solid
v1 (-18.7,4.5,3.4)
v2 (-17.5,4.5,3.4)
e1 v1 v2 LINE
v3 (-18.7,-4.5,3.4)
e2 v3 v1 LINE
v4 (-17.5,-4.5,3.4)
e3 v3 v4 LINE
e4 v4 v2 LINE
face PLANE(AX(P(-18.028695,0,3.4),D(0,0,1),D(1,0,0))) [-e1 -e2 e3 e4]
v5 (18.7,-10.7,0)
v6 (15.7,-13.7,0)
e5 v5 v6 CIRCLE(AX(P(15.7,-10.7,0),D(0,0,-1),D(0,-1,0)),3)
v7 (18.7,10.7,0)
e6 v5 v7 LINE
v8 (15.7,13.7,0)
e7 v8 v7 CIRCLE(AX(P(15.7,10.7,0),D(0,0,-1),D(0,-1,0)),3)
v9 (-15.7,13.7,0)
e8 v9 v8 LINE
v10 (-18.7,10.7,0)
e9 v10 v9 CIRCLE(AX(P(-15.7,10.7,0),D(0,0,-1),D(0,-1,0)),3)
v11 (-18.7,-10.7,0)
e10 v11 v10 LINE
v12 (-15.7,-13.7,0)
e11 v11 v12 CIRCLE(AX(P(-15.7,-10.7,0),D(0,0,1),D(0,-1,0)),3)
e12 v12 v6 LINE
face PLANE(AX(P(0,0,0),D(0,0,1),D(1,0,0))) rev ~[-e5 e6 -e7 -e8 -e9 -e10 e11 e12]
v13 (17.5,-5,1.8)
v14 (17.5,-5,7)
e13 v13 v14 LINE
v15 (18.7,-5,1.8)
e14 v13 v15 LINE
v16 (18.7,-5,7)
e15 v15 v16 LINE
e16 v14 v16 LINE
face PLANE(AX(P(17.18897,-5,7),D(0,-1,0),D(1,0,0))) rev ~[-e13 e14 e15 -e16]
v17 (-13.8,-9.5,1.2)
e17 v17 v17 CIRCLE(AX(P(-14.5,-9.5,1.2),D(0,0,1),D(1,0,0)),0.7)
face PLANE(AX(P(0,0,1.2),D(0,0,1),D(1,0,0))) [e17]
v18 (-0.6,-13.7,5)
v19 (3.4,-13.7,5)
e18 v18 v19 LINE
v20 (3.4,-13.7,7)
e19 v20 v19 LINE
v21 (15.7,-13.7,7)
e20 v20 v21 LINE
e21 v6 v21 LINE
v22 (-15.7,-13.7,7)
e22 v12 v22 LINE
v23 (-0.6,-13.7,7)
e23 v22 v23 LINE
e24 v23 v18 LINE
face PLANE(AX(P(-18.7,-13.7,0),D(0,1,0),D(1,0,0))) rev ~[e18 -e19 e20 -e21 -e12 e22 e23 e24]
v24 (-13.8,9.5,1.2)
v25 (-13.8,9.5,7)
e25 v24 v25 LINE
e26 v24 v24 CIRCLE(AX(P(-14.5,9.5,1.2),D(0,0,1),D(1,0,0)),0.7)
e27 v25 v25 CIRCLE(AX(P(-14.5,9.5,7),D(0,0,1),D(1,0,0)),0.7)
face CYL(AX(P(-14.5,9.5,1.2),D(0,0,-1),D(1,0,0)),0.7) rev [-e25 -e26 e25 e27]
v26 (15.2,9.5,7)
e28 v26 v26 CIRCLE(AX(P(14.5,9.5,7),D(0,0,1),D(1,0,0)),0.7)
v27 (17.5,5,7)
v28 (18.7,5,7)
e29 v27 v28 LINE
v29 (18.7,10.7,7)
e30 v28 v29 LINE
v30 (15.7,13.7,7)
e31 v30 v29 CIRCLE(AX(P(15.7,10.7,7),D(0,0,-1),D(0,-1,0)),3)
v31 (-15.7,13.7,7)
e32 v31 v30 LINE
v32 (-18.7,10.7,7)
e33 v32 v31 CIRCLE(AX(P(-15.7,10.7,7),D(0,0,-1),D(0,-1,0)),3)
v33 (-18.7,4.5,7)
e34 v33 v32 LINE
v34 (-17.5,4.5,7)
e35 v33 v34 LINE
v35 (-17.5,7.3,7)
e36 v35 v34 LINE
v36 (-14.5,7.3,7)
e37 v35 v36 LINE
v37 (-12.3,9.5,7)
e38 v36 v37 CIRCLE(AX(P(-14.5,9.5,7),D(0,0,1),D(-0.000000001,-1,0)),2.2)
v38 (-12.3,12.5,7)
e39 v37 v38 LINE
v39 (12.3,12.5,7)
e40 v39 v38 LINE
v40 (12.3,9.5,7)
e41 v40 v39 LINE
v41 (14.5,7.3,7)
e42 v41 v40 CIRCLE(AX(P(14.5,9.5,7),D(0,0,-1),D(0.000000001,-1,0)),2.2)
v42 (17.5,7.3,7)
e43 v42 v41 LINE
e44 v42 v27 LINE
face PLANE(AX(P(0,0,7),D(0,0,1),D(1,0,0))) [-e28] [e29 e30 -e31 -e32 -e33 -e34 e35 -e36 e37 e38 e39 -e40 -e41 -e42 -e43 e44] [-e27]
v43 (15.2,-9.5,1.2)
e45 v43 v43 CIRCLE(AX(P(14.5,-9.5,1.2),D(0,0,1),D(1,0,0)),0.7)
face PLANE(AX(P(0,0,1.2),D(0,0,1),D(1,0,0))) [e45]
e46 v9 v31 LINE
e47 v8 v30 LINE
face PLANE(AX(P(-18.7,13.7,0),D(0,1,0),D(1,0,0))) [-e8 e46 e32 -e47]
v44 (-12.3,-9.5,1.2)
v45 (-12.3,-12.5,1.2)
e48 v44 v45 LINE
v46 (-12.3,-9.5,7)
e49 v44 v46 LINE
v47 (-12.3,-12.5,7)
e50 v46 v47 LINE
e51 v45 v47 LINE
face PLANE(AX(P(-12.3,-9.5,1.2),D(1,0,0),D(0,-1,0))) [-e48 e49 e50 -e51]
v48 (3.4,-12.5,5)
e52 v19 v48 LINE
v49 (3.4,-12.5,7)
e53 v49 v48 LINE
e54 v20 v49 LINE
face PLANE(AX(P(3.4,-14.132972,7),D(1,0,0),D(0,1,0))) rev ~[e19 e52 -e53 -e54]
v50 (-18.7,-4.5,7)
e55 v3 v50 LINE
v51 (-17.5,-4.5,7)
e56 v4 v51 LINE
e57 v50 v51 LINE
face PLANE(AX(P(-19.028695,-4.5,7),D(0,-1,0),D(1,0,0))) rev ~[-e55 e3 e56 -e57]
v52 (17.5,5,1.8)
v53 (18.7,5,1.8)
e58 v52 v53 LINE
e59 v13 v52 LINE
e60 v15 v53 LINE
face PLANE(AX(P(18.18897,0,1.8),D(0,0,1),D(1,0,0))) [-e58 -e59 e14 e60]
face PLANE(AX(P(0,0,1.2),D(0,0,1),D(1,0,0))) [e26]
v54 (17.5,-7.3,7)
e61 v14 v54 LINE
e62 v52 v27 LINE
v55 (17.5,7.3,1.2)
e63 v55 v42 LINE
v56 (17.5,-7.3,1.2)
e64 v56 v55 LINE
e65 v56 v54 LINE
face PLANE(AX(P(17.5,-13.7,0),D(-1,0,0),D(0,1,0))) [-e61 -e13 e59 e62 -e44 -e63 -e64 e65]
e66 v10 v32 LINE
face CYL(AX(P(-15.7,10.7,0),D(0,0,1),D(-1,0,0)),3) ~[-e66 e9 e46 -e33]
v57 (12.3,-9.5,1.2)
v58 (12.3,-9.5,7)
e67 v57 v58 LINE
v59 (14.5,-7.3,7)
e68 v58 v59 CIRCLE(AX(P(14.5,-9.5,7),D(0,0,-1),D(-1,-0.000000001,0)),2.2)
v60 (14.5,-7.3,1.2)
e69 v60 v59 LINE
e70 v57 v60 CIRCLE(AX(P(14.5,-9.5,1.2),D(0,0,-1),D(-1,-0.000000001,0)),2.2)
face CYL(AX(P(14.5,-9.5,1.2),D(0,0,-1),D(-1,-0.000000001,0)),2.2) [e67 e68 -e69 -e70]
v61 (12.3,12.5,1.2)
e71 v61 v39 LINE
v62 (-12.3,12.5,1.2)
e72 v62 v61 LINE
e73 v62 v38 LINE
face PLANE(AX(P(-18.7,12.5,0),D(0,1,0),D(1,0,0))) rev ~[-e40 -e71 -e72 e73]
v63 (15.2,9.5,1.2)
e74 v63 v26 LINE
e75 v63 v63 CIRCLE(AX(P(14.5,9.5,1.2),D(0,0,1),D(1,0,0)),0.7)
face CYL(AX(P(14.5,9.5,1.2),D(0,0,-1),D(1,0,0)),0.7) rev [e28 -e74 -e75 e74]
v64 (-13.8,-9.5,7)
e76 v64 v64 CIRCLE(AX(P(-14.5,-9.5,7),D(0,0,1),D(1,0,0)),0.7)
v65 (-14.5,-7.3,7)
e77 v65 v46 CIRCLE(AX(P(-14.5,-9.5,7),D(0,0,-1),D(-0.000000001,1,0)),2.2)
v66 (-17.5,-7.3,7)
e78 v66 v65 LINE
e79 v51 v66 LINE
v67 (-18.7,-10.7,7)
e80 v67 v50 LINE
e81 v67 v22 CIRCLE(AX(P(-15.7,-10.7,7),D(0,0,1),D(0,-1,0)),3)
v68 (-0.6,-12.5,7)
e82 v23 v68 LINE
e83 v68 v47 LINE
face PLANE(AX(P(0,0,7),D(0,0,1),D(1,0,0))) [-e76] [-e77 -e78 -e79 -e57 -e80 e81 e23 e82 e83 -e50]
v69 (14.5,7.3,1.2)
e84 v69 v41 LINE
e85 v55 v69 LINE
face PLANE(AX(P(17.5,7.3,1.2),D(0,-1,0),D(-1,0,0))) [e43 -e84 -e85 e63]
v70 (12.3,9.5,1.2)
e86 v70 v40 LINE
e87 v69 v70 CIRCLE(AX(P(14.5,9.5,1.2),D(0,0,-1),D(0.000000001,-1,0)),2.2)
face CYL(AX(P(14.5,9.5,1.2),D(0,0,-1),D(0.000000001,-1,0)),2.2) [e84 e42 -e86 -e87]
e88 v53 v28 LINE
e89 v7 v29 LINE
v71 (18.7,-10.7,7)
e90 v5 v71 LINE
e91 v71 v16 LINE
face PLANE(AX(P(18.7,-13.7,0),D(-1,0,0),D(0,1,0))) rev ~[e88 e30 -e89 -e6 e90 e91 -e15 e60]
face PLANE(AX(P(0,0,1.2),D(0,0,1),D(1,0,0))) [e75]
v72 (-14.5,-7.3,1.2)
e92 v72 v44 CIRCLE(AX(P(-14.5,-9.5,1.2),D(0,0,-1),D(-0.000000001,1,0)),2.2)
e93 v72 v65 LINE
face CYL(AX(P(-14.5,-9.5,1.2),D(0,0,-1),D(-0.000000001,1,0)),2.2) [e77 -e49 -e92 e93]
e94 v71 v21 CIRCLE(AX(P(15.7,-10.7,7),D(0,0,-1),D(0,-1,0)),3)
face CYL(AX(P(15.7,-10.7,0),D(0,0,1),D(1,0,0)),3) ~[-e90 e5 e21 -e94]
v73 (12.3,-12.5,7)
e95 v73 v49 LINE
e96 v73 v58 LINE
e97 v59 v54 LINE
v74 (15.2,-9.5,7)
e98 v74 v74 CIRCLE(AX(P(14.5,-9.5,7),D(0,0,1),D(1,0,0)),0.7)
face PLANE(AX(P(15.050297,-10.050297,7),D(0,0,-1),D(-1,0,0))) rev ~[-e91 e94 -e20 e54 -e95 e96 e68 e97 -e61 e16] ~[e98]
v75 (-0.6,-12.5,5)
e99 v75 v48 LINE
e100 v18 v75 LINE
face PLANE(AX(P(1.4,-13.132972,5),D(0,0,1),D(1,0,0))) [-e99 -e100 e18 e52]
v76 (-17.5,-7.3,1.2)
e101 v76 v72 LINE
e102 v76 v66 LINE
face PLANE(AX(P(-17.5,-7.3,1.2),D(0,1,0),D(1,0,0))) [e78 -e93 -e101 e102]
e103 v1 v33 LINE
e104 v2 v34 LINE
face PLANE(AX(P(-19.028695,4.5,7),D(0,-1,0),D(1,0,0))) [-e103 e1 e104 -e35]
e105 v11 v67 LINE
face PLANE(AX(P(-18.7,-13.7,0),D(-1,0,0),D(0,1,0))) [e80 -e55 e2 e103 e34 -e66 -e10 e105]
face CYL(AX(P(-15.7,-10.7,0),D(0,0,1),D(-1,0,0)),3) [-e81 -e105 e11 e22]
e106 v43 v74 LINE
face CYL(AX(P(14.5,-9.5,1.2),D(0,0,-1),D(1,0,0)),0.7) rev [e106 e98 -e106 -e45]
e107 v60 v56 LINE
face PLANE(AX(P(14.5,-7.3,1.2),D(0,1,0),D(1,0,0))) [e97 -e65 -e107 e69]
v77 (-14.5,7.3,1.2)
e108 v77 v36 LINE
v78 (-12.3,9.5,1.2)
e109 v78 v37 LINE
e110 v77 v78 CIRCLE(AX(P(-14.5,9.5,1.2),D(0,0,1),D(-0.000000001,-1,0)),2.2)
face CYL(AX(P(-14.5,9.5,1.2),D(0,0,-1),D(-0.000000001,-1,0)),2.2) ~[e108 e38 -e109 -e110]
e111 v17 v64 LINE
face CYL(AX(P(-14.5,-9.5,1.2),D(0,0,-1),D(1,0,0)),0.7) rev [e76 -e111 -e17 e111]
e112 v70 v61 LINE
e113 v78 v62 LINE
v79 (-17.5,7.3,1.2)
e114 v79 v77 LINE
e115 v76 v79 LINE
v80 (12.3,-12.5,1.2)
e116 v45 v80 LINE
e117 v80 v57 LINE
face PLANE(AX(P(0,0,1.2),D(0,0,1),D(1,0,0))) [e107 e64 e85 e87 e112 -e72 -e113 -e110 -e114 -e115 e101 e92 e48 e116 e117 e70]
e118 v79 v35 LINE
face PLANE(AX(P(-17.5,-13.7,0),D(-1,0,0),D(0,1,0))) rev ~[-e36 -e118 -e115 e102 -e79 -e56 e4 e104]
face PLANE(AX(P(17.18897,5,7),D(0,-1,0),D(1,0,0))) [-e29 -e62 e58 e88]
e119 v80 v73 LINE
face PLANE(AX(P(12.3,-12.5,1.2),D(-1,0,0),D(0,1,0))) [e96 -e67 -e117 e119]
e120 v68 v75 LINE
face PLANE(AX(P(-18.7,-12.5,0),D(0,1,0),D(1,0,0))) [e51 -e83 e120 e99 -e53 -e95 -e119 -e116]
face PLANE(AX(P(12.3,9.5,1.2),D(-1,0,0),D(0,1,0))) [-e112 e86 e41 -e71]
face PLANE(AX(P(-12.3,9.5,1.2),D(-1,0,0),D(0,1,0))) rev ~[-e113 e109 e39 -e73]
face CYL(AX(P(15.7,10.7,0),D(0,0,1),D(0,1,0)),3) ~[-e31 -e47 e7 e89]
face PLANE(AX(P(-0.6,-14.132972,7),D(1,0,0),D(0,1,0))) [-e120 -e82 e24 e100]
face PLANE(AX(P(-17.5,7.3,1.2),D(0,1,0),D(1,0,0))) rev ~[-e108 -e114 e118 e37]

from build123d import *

# Parameters (mm, degrees)
SKETCH_1_W          = 37.4
SKETCH_1_H          = 27.4
EXTRUDE_1_DEPTH     = 7
SHELL_1_T           = -1.2
SKETCH_3_W          = 2
SKETCH_3_H          = 9
CUT_EXTRUDE_1_DEPTH = 3.6
SKETCH_4_W          = 2
SKETCH_4_H          = 10
CUT_EXTRUDE_2_DEPTH = 5.2
SKETCH_5_W          = 4
SKETCH_5_H          = 2
CUT_EXTRUDE_3_DEPTH = 2
SKETCH_6_R          = 0.7
EXTRUDE_2_DEPTH     = 5.8
FILLET_1_R          = 3


with BuildPart() as part:
    # 草图1 → 凸台-拉伸1 (new body)
    with BuildSketch(Plane.XY):
        Rectangle(SKETCH_1_W, SKETCH_1_H)
    extrude(amount=EXTRUDE_1_DEPTH)

    # 抽壳1
    shell_1_openings = [part.faces().sort_by_distance(p)[0] for p in [
        (0, 0, 7),
    ]]
    offset(amount=SHELL_1_T, openings=shell_1_openings, kind=Kind.INTERSECTION)

    # 草图3 → 切除-拉伸1 (cut)
    with BuildSketch(Plane.XY.offset(7)):
        with Locations((-18.02869535, 0)):
            Rectangle(SKETCH_3_W, SKETCH_3_H)
    extrude(amount=-CUT_EXTRUDE_1_DEPTH, mode=Mode.SUBTRACT)

    # 草图4 → 切除-拉伸2 (cut)
    with BuildSketch(Plane.XY.offset(7)):
        with Locations((18.188969671, 0)):
            Rectangle(SKETCH_4_W, SKETCH_4_H)
    extrude(amount=-CUT_EXTRUDE_2_DEPTH, mode=Mode.SUBTRACT)

    # 草图5 → 切除-拉伸3 (cut)
    with BuildSketch(Plane.XY.offset(7)):
        with Locations((1.4, -13.132972029)):
            Rectangle(SKETCH_5_W, SKETCH_5_H)
    extrude(amount=-CUT_EXTRUDE_3_DEPTH, mode=Mode.SUBTRACT)

    # 草图6 → 凸台-拉伸2 (add)
    # profile 1 of 4: a face of its own
    with BuildSketch(Plane.XY.offset(1.2)):
        with BuildLine():
            Line((14.5, -7.3), (17.5, -7.3))
            Line((17.5, -7.3), (17.5, -12.5))
            Line((17.5, -12.5), (12.3, -12.5))
            Line((12.3, -12.5), (12.3, -9.5))
            ThreePointArc((12.3, -9.5), (12.944365081, -7.944365081), (14.5, -7.3))
        make_face()
        with Locations((14.5, -9.5)):
            Circle(SKETCH_6_R, mode=Mode.SUBTRACT)
    # profile 2 of 4: a face of its own
    with BuildSketch(Plane.XY.offset(1.2)):
        with BuildLine():
            Line((-12.3, -12.5), (-17.5, -12.5))
            Line((-17.5, -12.5), (-17.5, -7.3))
            Line((-17.5, -7.3), (-14.5, -7.3))
            ThreePointArc((-14.5, -7.3), (-12.944365081, -7.944365081), (-12.3, -9.5))
            Line((-12.3, -9.5), (-12.3, -12.5))
        make_face()
        with Locations((-14.5, -9.5)):
            Circle(SKETCH_6_R, mode=Mode.SUBTRACT)
    # profile 3 of 4: a face of its own
    with BuildSketch(Plane.XY.offset(1.2)):
        with BuildLine():
            Line((-17.5, 12.5), (-17.5, 7.3))
            Line((-17.5, 7.3), (-14.5, 7.3))
            ThreePointArc((-14.5, 7.3), (-12.944365081, 7.944365081), (-12.3, 9.5))
            Line((-12.3, 9.5), (-12.3, 12.5))
            Line((-12.3, 12.5), (-17.5, 12.5))
        make_face()
        with Locations((-14.5, 9.5)):
            Circle(SKETCH_6_R, mode=Mode.SUBTRACT)
    # profile 4 of 4: a face of its own
    with BuildSketch(Plane.XY.offset(1.2)):
        with BuildLine():
            Line((17.5, 12.5), (17.5, 7.3))
            Line((17.5, 7.3), (14.5, 7.3))
            ThreePointArc((14.5, 7.3), (12.944365081, 7.944365081), (12.3, 9.5))
            Line((12.3, 9.5), (12.3, 12.5))
            Line((12.3, 12.5), (17.5, 12.5))
        make_face()
        with Locations((14.5, 9.5)):
            Circle(SKETCH_6_R, mode=Mode.SUBTRACT)
    extrude(amount=EXTRUDE_2_DEPTH)

    # 圆角1
    fillet_1_edges = [part.edges().sort_by_distance(p)[0] for p in [
        (18.7, -13.7, 3.5),
        (-18.7, -13.7, 3.5),
        (-18.7, 13.7, 3.5),
        (18.7, 13.7, 3.5),
    ]]
    fillet(fillet_1_edges, radius=FILLET_1_R)


solid = part.part
